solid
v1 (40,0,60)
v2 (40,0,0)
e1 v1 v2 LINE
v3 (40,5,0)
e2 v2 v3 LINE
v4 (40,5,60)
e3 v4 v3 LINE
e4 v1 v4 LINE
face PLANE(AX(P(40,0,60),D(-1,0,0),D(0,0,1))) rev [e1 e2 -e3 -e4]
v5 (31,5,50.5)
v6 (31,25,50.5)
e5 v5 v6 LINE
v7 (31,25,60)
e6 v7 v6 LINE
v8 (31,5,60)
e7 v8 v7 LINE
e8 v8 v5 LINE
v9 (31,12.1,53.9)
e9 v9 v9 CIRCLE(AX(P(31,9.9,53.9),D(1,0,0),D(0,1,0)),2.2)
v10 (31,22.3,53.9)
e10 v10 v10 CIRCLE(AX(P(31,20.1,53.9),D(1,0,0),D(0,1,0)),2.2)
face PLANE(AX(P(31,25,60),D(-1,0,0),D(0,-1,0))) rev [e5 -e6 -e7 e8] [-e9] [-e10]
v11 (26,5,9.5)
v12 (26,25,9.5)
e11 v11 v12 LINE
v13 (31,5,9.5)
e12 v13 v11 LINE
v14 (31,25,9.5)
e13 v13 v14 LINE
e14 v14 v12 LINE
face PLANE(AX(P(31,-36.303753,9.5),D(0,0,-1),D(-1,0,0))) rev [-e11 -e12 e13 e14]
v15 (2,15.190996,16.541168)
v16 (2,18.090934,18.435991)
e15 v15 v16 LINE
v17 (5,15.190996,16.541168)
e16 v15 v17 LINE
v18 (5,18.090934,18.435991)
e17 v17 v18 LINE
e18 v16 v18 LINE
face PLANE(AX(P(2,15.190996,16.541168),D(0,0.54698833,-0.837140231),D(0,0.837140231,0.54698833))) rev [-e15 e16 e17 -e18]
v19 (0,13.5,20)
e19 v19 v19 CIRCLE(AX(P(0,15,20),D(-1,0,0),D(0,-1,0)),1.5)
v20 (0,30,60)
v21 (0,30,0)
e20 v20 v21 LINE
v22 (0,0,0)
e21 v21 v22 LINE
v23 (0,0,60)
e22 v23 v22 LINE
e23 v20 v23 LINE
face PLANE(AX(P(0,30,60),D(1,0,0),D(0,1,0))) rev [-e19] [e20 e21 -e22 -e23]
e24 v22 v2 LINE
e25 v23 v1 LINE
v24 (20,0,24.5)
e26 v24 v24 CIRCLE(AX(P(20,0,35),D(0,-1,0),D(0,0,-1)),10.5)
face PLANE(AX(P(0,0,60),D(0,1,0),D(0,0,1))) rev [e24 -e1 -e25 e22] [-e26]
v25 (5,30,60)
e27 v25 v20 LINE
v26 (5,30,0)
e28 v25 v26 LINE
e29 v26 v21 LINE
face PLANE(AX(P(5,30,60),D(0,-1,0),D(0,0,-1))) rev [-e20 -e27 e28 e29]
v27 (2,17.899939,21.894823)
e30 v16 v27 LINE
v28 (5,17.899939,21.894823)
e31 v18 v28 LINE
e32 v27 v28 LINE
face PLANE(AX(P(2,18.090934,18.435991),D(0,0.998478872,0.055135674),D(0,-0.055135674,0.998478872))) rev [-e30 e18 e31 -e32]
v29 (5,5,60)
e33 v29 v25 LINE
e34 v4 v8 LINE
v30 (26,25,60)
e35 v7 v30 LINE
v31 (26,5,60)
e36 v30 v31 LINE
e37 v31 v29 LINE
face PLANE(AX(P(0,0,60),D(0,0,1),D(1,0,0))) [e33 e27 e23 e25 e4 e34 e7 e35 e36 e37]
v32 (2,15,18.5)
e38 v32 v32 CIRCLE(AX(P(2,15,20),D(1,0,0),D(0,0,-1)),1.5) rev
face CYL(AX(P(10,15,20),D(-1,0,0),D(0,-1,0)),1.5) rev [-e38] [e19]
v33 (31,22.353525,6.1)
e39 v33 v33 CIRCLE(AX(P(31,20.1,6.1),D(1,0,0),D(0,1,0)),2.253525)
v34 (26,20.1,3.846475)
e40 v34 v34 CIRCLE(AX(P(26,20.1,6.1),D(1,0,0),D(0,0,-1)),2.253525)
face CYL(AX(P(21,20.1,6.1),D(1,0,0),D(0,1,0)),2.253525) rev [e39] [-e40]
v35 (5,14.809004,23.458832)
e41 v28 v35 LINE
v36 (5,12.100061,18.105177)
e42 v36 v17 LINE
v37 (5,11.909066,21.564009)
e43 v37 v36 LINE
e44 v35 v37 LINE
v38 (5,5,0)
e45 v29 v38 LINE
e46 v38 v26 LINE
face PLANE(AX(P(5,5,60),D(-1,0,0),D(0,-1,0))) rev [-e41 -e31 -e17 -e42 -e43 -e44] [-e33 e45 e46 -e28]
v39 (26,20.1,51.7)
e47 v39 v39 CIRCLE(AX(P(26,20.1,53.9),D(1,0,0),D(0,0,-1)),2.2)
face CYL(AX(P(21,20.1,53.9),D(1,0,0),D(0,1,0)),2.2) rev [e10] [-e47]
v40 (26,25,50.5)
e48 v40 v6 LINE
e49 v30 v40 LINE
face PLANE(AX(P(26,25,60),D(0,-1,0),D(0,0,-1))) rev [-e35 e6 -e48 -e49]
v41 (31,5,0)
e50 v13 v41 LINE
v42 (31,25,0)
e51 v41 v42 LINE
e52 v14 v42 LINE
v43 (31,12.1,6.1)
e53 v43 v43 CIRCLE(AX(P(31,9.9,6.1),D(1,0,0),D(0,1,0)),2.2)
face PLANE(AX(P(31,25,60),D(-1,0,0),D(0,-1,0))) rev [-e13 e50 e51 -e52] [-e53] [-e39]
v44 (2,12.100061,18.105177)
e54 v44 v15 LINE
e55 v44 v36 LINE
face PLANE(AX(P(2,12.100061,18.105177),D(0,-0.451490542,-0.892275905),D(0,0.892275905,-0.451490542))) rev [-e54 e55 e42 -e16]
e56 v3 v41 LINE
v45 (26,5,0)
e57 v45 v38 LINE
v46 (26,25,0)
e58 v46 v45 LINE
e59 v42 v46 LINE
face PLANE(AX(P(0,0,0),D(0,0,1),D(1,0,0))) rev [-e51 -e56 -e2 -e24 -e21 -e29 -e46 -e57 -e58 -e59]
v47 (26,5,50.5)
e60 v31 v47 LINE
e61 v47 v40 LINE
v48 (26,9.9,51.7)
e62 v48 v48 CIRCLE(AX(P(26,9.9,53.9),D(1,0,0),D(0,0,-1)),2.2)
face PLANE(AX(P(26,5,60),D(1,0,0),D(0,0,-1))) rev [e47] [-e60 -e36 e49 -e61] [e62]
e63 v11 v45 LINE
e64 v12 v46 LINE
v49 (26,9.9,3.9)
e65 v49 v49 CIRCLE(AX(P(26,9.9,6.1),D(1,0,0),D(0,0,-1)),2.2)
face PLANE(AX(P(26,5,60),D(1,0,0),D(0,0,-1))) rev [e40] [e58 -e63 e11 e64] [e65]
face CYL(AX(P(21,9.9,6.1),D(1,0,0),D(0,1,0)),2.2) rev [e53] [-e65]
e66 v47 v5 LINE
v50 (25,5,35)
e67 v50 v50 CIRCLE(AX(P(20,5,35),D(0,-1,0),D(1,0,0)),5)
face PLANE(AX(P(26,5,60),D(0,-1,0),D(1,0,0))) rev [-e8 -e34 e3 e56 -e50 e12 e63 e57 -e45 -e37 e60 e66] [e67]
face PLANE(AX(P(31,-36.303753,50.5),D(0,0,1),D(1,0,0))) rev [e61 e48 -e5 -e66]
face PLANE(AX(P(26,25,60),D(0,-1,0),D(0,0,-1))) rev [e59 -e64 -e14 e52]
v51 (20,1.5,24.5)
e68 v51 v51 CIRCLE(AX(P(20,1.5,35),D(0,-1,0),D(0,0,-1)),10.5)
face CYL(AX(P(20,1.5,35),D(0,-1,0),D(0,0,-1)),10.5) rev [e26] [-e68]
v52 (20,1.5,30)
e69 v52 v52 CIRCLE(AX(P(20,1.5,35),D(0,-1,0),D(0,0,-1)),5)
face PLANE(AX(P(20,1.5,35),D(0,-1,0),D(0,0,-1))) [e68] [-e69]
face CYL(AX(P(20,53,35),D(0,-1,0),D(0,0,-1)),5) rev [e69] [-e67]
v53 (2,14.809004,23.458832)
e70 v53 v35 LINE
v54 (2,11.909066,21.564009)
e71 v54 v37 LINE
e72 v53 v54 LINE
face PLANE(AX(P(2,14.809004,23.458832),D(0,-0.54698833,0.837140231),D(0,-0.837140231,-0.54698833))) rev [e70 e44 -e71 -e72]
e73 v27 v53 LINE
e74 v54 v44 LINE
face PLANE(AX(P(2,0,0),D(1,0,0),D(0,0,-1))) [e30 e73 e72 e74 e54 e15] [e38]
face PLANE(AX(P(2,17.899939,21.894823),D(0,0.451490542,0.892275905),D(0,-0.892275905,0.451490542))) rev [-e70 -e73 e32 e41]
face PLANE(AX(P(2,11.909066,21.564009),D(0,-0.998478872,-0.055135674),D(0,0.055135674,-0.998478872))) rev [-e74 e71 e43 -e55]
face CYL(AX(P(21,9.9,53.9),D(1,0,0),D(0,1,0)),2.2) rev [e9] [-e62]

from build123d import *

# Parameters (mm, degrees)
SALIENTE_EXTRUIR1_DEPTH = 60
CROQUIS2_W              = 5
CROQUIS2_H              = 41
CORTAR_EXTRUIR1_DEPTH   = 20
CROQUIS4_R              = 10.5
CORTAR_EXTRUIR3_DEPTH   = 1.5
CROQUIS5_R              = 5
CORTAR_EXTRUIR4_DEPTH   = 51.5
CROQUIS7_R              = 2.2
CROQUIS7_R_2            = 2.253524607
CORTAR_EXTRUIR5_DEPTH   = 10
CROQUIS8_R              = 1.5
CORTAR_EXTRUIR6_DEPTH   = 10
CORTAR_EXTRUIR7_DEPTH   = 3


with BuildPart() as part:
    # Croquis1 → Saliente-Extruir1 (new body)
    with BuildSketch(Plane.XY):
        Polygon((0, 0), (40, 0), (40, 5), (31, 5), (31, 25), (26, 25), (26, 5), (5, 5), (5, 30), (0, 30), align=None)
    extrude(amount=SALIENTE_EXTRUIR1_DEPTH)

    # Croquis2 → Cortar-Extruir1 (cut)
    with BuildSketch(Plane(origin=(0, 25, 0), x_dir=(1, 0, 0), z_dir=(0, 1, 0))):
        with Locations((28.5, -30)):
            Rectangle(CROQUIS2_W, CROQUIS2_H)
    extrude(amount=-CORTAR_EXTRUIR1_DEPTH, mode=Mode.SUBTRACT)

    # Croquis4 → Cortar-Extruir3 (cut)
    with BuildSketch(Plane.XZ):
        with Locations(Location((20, 35, 0), (0, 0, 270))):
            Circle(CROQUIS4_R)
    extrude(amount=-CORTAR_EXTRUIR3_DEPTH, mode=Mode.SUBTRACT)

    # Croquis5 → Cortar-Extruir4 (cut)
    with BuildSketch(Plane.XZ.offset(-1.5)):
        with Locations(Location((20, 35, 0), (0, 0, 270))):
            Circle(CROQUIS5_R)
    extrude(amount=-CORTAR_EXTRUIR4_DEPTH, mode=Mode.SUBTRACT)

    # Croquis7 → Cortar-Extruir5 (cut)
    with BuildSketch(Plane(origin=(31, 0, 0), x_dir=(0, 0, -1), z_dir=(1, 0, 0))):
        with Locations(Location((-53.9, 20.1, 0), (0, 0, 90))):
            Circle(CROQUIS7_R)
        with Locations(Location((-53.9, 9.9, 0), (0, 0, 90))):
            Circle(CROQUIS7_R)
        with Locations(Location((-6.1, 9.9, 0), (0, 0, 90))):
            Circle(CROQUIS7_R)
        with Locations(Location((-6.1, 20.1, 0), (0, 0, 90))):
            Circle(CROQUIS7_R_2)
    extrude(amount=-CORTAR_EXTRUIR5_DEPTH, mode=Mode.SUBTRACT)

    # Croquis8 → Cortar-Extruir6 (cut)
    with BuildSketch(Plane.ZY):
        with Locations(Location((20, 15, 0), (0, 0, 270))):
            Circle(CROQUIS8_R)
    extrude(amount=-CORTAR_EXTRUIR6_DEPTH, mode=Mode.SUBTRACT)

    # Croquis9 → Cortar-Extruir7 (cut)
    with BuildSketch(Plane(origin=(5, 0, 0), x_dir=(0, 0, -1), z_dir=(1, 0, 0))):
        Polygon((-18.435990885, 18.090934404), (-21.894823157, 17.899938827), (-23.458832273, 14.809004424), (-21.564009115, 11.909065596), (-18.105176843, 12.100061173), (-16.541167727, 15.190995576), align=None)
    extrude(amount=-CORTAR_EXTRUIR7_DEPTH, mode=Mode.SUBTRACT)


solid = part.part
